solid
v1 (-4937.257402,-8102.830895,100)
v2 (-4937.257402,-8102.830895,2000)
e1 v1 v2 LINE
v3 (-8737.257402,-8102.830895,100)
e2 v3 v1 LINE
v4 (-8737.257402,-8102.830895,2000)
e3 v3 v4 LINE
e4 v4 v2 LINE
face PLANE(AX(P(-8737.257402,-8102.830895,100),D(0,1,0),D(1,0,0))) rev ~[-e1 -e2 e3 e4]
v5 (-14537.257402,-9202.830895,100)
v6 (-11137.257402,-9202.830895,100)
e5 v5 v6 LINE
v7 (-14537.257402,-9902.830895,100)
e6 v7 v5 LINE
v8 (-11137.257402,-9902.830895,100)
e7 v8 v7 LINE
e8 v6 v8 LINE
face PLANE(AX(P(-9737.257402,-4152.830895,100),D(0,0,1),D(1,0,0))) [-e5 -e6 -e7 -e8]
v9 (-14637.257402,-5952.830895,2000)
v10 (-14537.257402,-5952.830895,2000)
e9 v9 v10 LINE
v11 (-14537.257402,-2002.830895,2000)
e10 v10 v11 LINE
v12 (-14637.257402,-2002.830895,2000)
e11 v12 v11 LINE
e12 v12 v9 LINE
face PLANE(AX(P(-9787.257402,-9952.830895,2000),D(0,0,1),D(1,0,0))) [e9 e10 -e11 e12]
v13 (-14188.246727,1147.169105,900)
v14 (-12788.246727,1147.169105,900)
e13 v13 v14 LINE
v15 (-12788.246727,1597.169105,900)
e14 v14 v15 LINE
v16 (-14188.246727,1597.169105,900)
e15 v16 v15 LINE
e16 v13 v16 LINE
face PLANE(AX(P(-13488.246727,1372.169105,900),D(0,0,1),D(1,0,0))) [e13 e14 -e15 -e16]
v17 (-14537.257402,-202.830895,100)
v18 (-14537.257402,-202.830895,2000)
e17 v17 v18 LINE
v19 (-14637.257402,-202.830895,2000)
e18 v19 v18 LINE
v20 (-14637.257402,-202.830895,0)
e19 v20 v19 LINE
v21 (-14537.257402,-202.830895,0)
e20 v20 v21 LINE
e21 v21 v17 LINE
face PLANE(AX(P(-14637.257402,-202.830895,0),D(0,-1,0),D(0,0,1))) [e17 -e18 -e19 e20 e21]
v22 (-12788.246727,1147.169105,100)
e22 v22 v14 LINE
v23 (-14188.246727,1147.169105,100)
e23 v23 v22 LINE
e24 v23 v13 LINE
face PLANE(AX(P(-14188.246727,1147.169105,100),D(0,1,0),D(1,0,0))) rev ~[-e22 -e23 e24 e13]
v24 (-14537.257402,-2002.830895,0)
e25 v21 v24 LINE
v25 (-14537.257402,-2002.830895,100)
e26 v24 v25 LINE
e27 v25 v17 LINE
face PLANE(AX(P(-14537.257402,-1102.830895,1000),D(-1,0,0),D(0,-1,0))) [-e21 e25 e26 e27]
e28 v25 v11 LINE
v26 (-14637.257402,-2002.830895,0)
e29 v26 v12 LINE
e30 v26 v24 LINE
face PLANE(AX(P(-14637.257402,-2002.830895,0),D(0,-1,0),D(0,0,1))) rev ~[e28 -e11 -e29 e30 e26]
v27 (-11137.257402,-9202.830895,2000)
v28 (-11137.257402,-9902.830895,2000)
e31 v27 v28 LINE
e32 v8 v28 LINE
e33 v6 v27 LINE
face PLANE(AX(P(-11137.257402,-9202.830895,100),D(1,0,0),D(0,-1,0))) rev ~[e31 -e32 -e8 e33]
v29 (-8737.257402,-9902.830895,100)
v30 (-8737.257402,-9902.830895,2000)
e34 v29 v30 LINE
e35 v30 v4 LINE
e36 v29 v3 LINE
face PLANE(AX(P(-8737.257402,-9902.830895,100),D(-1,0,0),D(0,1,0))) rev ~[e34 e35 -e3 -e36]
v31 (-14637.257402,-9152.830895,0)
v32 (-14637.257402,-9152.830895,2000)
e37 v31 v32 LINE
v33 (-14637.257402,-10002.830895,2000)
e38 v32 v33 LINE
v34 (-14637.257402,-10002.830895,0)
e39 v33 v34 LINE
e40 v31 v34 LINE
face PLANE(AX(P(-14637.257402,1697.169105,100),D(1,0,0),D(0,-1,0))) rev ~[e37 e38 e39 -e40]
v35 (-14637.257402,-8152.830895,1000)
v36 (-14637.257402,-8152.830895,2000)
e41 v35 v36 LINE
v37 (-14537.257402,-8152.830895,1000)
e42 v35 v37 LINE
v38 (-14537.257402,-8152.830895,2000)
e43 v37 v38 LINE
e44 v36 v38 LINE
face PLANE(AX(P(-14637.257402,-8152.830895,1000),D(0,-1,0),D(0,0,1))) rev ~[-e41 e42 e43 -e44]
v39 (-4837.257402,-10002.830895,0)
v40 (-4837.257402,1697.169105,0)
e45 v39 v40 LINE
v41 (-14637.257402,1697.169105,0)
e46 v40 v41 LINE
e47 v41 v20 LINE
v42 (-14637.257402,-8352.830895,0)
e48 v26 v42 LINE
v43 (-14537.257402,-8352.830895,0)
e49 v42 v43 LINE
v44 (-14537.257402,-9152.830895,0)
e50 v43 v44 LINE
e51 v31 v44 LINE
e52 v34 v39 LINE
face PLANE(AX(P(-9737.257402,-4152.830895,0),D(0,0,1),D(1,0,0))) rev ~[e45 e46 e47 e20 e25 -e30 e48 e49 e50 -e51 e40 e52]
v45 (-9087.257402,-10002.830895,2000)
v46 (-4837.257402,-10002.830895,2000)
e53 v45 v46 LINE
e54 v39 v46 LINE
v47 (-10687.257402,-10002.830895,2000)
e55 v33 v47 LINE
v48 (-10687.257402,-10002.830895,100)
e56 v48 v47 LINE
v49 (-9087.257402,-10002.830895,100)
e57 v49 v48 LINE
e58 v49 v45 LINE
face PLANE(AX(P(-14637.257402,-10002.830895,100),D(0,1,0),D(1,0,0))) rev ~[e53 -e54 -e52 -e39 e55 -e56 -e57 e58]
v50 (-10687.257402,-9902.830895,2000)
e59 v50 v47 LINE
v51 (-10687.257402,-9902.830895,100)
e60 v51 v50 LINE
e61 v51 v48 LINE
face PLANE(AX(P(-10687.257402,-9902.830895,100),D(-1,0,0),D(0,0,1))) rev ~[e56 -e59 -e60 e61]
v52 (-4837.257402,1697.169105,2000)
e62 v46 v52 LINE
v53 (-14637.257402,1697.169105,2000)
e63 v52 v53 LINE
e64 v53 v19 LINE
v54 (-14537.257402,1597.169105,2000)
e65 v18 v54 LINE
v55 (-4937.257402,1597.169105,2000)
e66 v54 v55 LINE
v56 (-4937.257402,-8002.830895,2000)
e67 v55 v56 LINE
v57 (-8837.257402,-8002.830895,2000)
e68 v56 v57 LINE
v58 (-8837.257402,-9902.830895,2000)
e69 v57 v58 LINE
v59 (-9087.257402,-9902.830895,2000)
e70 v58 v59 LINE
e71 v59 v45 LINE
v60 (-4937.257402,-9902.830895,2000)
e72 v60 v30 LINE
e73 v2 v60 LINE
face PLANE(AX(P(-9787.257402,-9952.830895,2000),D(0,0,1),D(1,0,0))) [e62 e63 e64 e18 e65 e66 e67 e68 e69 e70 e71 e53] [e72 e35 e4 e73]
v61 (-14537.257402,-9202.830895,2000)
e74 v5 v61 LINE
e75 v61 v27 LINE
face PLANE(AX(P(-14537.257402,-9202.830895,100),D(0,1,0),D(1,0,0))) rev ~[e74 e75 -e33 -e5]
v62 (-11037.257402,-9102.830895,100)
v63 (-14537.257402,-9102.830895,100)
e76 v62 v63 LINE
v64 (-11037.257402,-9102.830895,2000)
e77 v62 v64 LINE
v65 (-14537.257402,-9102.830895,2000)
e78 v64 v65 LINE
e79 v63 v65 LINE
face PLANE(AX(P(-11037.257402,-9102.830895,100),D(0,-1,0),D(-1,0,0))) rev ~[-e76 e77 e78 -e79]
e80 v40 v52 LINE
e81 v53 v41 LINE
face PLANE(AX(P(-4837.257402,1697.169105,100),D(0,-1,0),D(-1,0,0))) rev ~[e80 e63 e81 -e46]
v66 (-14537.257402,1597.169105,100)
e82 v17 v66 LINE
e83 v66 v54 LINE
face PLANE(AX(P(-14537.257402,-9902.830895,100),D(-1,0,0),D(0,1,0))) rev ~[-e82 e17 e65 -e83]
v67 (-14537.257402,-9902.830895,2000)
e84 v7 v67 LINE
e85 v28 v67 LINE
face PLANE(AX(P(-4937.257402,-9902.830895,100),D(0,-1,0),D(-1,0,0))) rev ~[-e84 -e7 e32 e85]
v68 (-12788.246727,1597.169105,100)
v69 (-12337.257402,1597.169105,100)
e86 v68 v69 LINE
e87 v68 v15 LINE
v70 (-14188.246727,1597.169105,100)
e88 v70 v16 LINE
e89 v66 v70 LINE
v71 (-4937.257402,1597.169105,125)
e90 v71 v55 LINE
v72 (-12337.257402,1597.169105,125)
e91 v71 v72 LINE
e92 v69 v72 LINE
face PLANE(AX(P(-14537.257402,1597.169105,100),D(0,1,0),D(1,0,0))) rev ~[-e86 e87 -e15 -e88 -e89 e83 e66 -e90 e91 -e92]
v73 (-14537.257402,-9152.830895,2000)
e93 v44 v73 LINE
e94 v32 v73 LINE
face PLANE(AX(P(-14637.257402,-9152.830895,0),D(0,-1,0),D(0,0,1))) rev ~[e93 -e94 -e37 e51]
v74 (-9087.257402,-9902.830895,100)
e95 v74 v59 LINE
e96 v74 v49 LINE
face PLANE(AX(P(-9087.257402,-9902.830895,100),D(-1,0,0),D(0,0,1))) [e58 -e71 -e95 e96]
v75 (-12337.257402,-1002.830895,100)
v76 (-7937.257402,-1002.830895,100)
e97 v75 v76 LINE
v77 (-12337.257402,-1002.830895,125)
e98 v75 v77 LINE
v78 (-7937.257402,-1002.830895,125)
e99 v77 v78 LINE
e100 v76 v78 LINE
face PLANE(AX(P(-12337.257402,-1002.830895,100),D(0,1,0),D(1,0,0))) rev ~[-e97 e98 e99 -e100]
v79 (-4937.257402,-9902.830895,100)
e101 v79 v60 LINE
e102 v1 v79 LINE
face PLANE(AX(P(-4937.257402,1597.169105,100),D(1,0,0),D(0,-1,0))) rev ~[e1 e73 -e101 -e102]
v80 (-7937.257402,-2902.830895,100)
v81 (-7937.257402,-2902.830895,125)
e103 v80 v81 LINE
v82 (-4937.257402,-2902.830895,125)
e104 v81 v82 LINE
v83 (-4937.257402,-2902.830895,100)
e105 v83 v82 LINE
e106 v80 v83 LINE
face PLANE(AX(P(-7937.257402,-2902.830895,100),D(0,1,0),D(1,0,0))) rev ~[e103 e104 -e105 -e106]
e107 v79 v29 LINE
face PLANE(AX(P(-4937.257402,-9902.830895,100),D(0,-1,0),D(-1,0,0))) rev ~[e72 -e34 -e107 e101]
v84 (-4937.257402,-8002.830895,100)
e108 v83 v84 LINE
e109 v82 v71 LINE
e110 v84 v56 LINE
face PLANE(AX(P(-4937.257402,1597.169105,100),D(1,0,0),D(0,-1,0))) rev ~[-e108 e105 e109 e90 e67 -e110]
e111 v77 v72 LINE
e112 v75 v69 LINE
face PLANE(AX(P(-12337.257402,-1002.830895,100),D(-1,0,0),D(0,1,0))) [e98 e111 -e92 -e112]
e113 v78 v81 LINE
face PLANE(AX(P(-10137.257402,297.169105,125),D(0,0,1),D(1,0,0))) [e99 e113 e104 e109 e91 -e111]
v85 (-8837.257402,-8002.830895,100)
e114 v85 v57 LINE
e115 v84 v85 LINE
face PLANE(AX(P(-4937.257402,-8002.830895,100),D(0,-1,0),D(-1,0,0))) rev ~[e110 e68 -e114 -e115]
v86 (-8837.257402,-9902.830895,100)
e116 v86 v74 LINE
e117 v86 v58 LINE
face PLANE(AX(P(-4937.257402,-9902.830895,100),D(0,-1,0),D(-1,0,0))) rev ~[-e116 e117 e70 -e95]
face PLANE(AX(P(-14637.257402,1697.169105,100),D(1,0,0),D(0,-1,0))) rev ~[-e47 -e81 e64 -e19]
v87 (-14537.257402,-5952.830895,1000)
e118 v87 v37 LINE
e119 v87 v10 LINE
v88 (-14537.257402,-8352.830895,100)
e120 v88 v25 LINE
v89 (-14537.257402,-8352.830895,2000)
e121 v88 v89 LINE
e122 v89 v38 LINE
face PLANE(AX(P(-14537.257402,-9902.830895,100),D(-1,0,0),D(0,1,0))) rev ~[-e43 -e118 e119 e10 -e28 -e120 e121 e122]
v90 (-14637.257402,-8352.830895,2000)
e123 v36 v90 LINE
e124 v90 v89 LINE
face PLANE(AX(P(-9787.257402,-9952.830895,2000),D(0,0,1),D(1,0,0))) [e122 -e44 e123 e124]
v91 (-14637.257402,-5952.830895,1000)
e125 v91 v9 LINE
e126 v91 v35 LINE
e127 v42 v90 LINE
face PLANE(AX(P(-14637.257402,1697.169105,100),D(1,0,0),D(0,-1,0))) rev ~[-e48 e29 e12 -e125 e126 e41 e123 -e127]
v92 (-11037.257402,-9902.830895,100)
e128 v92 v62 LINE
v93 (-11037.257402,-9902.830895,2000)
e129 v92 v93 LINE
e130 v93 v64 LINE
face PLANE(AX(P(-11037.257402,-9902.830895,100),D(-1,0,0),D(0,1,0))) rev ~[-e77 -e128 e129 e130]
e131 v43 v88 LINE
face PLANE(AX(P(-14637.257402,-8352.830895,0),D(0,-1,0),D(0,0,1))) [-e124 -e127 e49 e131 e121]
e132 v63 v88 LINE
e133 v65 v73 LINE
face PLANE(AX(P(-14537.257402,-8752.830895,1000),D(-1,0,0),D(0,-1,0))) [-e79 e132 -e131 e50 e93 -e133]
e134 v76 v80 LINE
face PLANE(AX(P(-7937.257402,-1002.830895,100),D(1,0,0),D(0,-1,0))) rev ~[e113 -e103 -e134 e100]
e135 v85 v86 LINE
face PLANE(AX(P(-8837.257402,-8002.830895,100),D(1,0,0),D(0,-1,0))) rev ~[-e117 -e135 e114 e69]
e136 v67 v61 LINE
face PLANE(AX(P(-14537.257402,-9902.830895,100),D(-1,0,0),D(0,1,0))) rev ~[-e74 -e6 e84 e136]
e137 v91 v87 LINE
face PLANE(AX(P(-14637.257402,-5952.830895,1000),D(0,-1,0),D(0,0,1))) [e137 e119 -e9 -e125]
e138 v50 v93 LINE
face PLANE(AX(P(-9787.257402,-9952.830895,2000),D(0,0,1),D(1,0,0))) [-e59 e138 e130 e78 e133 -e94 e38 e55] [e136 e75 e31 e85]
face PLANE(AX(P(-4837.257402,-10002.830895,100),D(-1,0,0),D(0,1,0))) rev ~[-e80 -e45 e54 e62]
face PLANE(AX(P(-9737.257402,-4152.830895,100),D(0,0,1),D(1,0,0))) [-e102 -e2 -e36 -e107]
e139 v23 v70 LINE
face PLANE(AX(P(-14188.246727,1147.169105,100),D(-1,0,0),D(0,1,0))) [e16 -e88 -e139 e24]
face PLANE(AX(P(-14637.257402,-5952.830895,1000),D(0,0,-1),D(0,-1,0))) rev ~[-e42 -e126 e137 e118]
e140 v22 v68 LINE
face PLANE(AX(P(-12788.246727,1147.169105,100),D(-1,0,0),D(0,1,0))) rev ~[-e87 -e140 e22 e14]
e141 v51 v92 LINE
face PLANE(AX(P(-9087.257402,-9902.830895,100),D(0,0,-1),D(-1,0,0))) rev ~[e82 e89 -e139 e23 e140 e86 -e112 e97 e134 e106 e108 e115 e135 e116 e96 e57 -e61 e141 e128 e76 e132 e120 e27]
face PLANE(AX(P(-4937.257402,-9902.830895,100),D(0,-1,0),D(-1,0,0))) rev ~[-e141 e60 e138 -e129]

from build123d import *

# Parameters (mm, degrees)
F1_DEPTH  = 100
F2_W      = 100
F2_H      = 100
F3_DEPTH  = 1900
F5_DEPTH  = 1900
F6_W      = 1800
F6_H      = 2000
F6_W_2    = 800
F6_W_3    = 2200
F6_H_2    = 1000
F7_DEPTH  = 100
F8_W      = 1600
F8_H      = 2000
F9_DEPTH  = 100
F10_W     = 4400
F10_H     = 2600
F11_DEPTH = 25
F12_W     = 1400
F12_H     = 450
F13_DEPTH = 800


with BuildPart() as f1:
    # F0 (on Top) → F1 (new body)
    with BuildSketch(Plane.XY):
        Polygon((-4837.257402, 1697.169105), (-14637.257402, 1697.169105), (-14637.257402, -9202.830895), (-14637.257402, -10002.830895), (-11137.257402, -10002.830895), (-8937.257402, -10002.830895), (-4837.257402, -10002.830895), (-4837.257402, -8102.830895), align=None)
    extrude(amount=F1_DEPTH)

    # F2 (on face) → F3 (join)
    with BuildSketch(Plane.XY.offset(100)):
        Polygon((-14637.257402, -9902.830895), (-14637.257402, -10002.830895), (-10890.719414, -10002.830895), (-8666.100502, -10002.830895), (-4937.257402, -10002.830895), (-4937.257402, -9902.830895), (-9037.257402, -9902.830895), (-11037.257402, -9902.830895), (-14537.257402, -9902.830895), align=None)
        Polygon((-14637.257402, -9155.583382), (-14637.257402, -9902.830895), (-14537.257402, -9902.830895), (-14537.257402, -8902.830895), (-14537.257402, 1597.169105), (-14637.257402, 1597.169105), (-14637.257402, -8609.960254), align=None)
        with Locations((-4887.257402, -9952.830895)):
            Rectangle(F2_W, F2_H)
        Polygon((-4937.257402, -8002.830895), (-4937.257402, -9902.830895), (-4837.257402, -9902.830895), (-4837.257402, -7690.302372), (-4837.257402, -7344.679244), (-4837.257402, 1597.169105), (-4937.257402, 1597.169105), align=None)
        Polygon((-14637.257402, 1697.169105), (-14637.257402, 1597.169105), (-14537.257402, 1597.169105), (-5037.257402, 1597.169105), (-4937.257402, 1597.169105), (-4837.257402, 1597.169105), (-4837.257402, 1697.169105), align=None)
    extrude(amount=F3_DEPTH)

    # F4 (on face) → F5 (join)
    with BuildSketch(Plane.XY.offset(100)):
        Polygon((-11137.257402, -9902.830895), (-11037.257402, -9902.830895), (-11037.257402, -9102.830895), (-11137.257402, -9102.830895), (-14537.257402, -9102.830895), (-14537.257402, -9202.830895), (-11137.257402, -9202.830895), align=None)
        Polygon((-8737.257402, -8002.830895), (-8837.257402, -8002.830895), (-8837.257402, -8102.830895), (-8837.257402, -9902.830895), (-8737.257402, -9902.830895), (-8737.257402, -8102.830895), (-4937.257402, -8102.830895), (-4937.257402, -8002.830895), align=None)
    extrude(amount=F5_DEPTH)

    # F6 (on face) → F7 (cut)
    with BuildSketch(Plane(origin=(-14637.257402, 0, 0), x_dir=(0, -1, 0), z_dir=(-1, 0, 0))):
        with Locations((1102.830895, 1000)):
            Rectangle(F6_W, F6_H)
        with Locations((8752.830895, 1000)):
            Rectangle(F6_W_2, F6_H)
        with Locations((7052.830895, 1500)):
            Rectangle(F6_W_3, F6_H_2)
    extrude(amount=-F7_DEPTH, mode=Mode.SUBTRACT)

    # F8 (on face) → F9 (cut)
    with BuildSketch(Plane(origin=(0, -9902.830895, 0), x_dir=(-1, 0, 0), z_dir=(0, 1, 0))):
        with Locations((9887.257402, 1100)):
            Rectangle(F8_W, F8_H)
    extrude(amount=-F9_DEPTH, mode=Mode.SUBTRACT)

    # F10 (on face) → F11 (join)
    with BuildSketch(Plane.XY.offset(100)):
        with Locations((-10137.257402, 297.169105)):
            Rectangle(F10_W, F10_H)
        Polygon((-4937.257402, 1597.169105), (-7937.257402, 1597.169105), (-7937.257402, -1002.830895), (-7937.257402, -2902.830895), (-4937.257402, -2902.830895), align=None)
    extrude(amount=F11_DEPTH)

    # F12 (on face) → F13 (join)
    with BuildSketch(Plane.XY.offset(100)):
        with Locations((-13488.246727, 1372.169105)):
            Rectangle(F12_W, F12_H)
    extrude(amount=F13_DEPTH)


solid = f1.part
